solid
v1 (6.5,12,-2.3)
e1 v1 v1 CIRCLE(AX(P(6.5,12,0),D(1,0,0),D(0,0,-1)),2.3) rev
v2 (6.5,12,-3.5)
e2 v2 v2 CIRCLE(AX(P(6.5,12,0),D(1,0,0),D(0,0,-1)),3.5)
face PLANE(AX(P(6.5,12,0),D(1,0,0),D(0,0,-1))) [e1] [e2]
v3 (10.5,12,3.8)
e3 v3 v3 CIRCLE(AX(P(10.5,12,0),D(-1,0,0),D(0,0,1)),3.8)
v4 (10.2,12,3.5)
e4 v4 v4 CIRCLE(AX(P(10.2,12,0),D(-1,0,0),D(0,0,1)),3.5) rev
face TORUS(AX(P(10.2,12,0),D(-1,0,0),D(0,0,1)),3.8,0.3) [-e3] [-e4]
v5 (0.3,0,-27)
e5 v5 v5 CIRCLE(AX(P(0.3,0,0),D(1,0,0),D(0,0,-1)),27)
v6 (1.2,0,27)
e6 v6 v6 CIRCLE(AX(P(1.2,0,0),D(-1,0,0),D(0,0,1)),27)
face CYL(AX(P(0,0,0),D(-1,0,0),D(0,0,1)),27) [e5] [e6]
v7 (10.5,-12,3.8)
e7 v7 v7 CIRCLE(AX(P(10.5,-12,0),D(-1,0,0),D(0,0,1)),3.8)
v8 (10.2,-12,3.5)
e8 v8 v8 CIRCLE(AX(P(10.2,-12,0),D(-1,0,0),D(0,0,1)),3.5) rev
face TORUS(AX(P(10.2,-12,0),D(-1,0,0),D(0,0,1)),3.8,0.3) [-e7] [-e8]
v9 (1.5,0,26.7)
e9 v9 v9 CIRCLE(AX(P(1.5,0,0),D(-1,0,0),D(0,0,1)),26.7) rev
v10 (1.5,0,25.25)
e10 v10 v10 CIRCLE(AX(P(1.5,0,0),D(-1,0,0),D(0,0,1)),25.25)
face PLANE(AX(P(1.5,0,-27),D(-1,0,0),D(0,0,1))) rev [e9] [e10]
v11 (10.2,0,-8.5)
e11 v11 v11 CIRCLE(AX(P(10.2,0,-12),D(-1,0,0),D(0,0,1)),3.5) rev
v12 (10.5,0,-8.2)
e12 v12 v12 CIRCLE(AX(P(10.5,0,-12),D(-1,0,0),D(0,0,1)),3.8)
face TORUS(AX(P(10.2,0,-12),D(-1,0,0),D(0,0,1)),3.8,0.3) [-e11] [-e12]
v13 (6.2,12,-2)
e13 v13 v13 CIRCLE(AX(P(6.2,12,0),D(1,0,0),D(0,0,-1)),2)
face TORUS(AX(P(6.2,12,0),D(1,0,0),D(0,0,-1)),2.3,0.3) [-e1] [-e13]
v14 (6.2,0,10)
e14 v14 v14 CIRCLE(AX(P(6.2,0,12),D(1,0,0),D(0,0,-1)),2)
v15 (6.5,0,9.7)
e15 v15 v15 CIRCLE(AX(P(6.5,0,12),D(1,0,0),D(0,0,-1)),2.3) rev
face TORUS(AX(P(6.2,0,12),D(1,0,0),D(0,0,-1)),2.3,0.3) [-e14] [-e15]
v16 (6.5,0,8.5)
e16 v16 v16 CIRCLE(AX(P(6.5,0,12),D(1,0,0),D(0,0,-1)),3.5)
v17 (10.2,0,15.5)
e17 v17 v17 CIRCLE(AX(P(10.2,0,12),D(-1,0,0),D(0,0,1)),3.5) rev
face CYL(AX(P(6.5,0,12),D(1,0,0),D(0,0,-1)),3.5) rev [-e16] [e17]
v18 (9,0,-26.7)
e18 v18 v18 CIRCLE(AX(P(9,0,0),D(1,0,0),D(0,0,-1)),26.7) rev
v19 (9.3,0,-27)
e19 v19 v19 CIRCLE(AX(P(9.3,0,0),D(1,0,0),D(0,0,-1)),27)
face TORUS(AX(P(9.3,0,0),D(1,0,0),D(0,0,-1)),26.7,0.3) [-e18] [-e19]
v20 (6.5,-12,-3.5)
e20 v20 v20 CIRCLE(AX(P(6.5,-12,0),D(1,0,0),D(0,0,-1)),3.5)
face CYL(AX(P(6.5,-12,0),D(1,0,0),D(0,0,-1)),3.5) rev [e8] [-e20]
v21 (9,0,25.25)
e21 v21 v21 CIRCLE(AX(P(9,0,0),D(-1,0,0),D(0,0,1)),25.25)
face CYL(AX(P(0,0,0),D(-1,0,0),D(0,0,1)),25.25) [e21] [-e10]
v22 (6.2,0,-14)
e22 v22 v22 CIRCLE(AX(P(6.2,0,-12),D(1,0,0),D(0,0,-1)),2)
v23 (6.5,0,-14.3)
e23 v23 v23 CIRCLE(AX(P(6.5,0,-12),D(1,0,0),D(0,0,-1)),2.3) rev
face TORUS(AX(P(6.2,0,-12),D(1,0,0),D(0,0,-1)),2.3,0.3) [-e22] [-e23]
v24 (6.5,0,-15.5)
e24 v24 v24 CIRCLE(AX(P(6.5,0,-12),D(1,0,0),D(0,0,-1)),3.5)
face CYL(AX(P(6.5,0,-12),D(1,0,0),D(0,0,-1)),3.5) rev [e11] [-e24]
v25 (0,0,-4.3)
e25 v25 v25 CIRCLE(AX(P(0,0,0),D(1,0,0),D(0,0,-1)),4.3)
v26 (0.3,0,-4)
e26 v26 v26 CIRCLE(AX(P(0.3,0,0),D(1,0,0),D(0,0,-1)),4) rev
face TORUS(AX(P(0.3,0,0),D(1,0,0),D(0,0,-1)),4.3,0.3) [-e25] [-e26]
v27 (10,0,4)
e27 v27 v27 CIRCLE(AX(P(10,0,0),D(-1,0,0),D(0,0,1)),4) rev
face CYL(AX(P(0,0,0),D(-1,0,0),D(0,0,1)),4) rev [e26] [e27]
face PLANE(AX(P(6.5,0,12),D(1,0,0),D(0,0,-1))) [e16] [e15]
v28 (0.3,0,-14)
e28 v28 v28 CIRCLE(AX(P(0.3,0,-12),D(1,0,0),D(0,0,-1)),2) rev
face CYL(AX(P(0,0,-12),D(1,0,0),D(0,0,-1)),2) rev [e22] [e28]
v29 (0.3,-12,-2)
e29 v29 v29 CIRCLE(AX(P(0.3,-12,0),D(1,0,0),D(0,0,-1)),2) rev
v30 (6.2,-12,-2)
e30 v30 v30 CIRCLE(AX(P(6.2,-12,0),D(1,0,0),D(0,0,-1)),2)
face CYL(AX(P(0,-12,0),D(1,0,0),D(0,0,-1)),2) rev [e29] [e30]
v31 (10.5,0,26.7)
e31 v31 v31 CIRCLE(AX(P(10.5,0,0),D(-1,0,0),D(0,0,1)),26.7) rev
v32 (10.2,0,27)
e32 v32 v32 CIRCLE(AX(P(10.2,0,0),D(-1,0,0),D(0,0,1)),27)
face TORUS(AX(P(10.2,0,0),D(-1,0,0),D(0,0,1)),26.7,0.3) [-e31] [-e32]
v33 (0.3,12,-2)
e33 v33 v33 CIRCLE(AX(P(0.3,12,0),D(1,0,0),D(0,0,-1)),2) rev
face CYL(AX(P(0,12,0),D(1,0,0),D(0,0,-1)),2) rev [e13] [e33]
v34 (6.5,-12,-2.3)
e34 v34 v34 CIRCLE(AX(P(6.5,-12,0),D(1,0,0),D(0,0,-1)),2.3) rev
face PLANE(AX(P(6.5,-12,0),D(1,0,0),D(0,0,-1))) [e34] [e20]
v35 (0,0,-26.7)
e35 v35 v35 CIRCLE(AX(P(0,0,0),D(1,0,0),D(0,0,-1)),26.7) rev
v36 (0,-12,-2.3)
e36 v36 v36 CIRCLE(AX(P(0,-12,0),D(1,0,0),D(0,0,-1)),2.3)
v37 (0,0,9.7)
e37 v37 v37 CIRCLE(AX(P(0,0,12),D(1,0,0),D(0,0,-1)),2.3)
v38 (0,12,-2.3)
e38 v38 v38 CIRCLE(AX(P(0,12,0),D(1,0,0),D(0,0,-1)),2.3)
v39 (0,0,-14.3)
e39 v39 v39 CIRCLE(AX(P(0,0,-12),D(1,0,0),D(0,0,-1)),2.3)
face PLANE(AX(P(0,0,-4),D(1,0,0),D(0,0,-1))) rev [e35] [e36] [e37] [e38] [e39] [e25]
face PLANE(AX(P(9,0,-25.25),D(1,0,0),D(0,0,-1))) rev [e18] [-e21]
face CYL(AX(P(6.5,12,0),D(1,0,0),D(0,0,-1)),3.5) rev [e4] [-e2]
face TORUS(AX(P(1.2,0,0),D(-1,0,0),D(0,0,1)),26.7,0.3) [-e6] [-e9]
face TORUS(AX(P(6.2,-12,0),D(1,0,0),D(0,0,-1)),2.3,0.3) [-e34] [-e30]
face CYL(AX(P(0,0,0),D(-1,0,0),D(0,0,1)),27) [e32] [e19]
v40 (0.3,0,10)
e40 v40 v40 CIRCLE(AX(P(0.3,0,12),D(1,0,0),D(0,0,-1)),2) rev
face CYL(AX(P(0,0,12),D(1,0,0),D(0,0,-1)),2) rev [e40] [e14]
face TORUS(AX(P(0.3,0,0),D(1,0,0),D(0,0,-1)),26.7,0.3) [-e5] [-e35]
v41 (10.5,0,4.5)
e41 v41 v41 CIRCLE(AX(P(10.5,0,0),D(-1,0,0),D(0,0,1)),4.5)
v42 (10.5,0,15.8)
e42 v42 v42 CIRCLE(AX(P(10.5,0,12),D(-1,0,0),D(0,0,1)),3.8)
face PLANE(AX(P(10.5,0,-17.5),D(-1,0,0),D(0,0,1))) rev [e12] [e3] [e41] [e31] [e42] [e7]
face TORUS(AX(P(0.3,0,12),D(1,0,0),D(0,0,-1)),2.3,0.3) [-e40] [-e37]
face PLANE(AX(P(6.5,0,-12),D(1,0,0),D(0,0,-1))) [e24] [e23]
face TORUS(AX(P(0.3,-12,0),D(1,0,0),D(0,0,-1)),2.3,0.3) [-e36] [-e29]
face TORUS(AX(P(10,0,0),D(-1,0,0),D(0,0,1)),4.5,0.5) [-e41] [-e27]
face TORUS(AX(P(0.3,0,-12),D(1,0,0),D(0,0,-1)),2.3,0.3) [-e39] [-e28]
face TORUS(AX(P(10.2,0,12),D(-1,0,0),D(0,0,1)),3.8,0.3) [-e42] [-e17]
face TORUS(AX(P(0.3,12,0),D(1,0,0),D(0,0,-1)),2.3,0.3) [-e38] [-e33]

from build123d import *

# Parameters (mm, degrees)
FILLET1_R          = 0.3
SKETCH2_R          = 2
CUT_EXTRUDE1_DEPTH = 11.5
SKETCH2_3_R        = 3.5
CUT_EXTRUDE2_DEPTH = 4
FILLET2_R          = 0.3
FILLET3_R          = 0.5


with BuildPart() as part:
    # Sketch1 → Revolve1 (revolve)
    with BuildSketch(Plane(origin=(0, 0, 0), x_dir=(1, 0, 0), z_dir=(0, 1, 0))):
        Polygon((0, 4), (0, 27), (1.5, 27), (1.5, 25.25), (9, 25.25), (9, 27), (10.5, 27), (10.5, 17.5), (10.5, 4), align=None)
    revolve(axis=Axis((0, 0, 0), (1, 0, 0)))

    # Fillet1
    fillet1_edges = [part.edges().sort_by_distance(p)[0] for p in [
        (10.5, 0, 27),
        (9, 0, 27),
        (1.5, 0, 27),
        (0, 0, 27),
        (0, 0, 4),
    ]]
    fillet(fillet1_edges, radius=FILLET1_R)

    # Sketch2 → Cut-Extrude1 (cut, through all)
    with BuildSketch(Plane(origin=(10.5, 0, 0), x_dir=(0, 0, -1), z_dir=(1, 0, 0))):
        with Locations((-12, 0)):
            Circle(SKETCH2_R)
        with Locations((0, 12)):
            Circle(SKETCH2_R)
        with Locations((12, 0)):
            Circle(SKETCH2_R)
        with Locations((0, -12)):
            Circle(SKETCH2_R)
    extrude(amount=-CUT_EXTRUDE1_DEPTH, mode=Mode.SUBTRACT)

    # Sketch2<3> → Cut-Extrude2 (cut)
    with BuildSketch(Plane(origin=(10.5, 0, 0), x_dir=(0, 0, -1), z_dir=(1, 0, 0))):
        with Locations((-12, 0)):
            Circle(SKETCH2_3_R)
        with Locations((0, 12)):
            Circle(SKETCH2_3_R)
        with Locations((12, 0)):
            Circle(SKETCH2_3_R)
        with Locations((0, -12)):
            Circle(SKETCH2_3_R)
    extrude(amount=-CUT_EXTRUDE2_DEPTH, mode=Mode.SUBTRACT)

    # Fillet2
    fillet2_edges = [part.edges().sort_by_distance(p)[0] for p in [
        (0, 0, 14),
        (0, 12, 2),
        (0, 0, -10),
        (0, -12, 2),
        (10.5, 0, 15.5),
        (6.5, 0, 14),
        (10.5, -12, 3.5),
        (6.5, -12, 2),
        (10.5, 0, -8.5),
        (6.5, 0, -10),
        (10.5, 12, 3.5),
        (6.5, 12, 2),
    ]]
    fillet(fillet2_edges, radius=FILLET2_R)

    # Fillet3
    fillet3_edges = [part.edges().sort_by_distance(p)[0] for p in [
        (10.5, 0, 4),
    ]]
    fillet(fillet3_edges, radius=FILLET3_R)


solid = part.part
